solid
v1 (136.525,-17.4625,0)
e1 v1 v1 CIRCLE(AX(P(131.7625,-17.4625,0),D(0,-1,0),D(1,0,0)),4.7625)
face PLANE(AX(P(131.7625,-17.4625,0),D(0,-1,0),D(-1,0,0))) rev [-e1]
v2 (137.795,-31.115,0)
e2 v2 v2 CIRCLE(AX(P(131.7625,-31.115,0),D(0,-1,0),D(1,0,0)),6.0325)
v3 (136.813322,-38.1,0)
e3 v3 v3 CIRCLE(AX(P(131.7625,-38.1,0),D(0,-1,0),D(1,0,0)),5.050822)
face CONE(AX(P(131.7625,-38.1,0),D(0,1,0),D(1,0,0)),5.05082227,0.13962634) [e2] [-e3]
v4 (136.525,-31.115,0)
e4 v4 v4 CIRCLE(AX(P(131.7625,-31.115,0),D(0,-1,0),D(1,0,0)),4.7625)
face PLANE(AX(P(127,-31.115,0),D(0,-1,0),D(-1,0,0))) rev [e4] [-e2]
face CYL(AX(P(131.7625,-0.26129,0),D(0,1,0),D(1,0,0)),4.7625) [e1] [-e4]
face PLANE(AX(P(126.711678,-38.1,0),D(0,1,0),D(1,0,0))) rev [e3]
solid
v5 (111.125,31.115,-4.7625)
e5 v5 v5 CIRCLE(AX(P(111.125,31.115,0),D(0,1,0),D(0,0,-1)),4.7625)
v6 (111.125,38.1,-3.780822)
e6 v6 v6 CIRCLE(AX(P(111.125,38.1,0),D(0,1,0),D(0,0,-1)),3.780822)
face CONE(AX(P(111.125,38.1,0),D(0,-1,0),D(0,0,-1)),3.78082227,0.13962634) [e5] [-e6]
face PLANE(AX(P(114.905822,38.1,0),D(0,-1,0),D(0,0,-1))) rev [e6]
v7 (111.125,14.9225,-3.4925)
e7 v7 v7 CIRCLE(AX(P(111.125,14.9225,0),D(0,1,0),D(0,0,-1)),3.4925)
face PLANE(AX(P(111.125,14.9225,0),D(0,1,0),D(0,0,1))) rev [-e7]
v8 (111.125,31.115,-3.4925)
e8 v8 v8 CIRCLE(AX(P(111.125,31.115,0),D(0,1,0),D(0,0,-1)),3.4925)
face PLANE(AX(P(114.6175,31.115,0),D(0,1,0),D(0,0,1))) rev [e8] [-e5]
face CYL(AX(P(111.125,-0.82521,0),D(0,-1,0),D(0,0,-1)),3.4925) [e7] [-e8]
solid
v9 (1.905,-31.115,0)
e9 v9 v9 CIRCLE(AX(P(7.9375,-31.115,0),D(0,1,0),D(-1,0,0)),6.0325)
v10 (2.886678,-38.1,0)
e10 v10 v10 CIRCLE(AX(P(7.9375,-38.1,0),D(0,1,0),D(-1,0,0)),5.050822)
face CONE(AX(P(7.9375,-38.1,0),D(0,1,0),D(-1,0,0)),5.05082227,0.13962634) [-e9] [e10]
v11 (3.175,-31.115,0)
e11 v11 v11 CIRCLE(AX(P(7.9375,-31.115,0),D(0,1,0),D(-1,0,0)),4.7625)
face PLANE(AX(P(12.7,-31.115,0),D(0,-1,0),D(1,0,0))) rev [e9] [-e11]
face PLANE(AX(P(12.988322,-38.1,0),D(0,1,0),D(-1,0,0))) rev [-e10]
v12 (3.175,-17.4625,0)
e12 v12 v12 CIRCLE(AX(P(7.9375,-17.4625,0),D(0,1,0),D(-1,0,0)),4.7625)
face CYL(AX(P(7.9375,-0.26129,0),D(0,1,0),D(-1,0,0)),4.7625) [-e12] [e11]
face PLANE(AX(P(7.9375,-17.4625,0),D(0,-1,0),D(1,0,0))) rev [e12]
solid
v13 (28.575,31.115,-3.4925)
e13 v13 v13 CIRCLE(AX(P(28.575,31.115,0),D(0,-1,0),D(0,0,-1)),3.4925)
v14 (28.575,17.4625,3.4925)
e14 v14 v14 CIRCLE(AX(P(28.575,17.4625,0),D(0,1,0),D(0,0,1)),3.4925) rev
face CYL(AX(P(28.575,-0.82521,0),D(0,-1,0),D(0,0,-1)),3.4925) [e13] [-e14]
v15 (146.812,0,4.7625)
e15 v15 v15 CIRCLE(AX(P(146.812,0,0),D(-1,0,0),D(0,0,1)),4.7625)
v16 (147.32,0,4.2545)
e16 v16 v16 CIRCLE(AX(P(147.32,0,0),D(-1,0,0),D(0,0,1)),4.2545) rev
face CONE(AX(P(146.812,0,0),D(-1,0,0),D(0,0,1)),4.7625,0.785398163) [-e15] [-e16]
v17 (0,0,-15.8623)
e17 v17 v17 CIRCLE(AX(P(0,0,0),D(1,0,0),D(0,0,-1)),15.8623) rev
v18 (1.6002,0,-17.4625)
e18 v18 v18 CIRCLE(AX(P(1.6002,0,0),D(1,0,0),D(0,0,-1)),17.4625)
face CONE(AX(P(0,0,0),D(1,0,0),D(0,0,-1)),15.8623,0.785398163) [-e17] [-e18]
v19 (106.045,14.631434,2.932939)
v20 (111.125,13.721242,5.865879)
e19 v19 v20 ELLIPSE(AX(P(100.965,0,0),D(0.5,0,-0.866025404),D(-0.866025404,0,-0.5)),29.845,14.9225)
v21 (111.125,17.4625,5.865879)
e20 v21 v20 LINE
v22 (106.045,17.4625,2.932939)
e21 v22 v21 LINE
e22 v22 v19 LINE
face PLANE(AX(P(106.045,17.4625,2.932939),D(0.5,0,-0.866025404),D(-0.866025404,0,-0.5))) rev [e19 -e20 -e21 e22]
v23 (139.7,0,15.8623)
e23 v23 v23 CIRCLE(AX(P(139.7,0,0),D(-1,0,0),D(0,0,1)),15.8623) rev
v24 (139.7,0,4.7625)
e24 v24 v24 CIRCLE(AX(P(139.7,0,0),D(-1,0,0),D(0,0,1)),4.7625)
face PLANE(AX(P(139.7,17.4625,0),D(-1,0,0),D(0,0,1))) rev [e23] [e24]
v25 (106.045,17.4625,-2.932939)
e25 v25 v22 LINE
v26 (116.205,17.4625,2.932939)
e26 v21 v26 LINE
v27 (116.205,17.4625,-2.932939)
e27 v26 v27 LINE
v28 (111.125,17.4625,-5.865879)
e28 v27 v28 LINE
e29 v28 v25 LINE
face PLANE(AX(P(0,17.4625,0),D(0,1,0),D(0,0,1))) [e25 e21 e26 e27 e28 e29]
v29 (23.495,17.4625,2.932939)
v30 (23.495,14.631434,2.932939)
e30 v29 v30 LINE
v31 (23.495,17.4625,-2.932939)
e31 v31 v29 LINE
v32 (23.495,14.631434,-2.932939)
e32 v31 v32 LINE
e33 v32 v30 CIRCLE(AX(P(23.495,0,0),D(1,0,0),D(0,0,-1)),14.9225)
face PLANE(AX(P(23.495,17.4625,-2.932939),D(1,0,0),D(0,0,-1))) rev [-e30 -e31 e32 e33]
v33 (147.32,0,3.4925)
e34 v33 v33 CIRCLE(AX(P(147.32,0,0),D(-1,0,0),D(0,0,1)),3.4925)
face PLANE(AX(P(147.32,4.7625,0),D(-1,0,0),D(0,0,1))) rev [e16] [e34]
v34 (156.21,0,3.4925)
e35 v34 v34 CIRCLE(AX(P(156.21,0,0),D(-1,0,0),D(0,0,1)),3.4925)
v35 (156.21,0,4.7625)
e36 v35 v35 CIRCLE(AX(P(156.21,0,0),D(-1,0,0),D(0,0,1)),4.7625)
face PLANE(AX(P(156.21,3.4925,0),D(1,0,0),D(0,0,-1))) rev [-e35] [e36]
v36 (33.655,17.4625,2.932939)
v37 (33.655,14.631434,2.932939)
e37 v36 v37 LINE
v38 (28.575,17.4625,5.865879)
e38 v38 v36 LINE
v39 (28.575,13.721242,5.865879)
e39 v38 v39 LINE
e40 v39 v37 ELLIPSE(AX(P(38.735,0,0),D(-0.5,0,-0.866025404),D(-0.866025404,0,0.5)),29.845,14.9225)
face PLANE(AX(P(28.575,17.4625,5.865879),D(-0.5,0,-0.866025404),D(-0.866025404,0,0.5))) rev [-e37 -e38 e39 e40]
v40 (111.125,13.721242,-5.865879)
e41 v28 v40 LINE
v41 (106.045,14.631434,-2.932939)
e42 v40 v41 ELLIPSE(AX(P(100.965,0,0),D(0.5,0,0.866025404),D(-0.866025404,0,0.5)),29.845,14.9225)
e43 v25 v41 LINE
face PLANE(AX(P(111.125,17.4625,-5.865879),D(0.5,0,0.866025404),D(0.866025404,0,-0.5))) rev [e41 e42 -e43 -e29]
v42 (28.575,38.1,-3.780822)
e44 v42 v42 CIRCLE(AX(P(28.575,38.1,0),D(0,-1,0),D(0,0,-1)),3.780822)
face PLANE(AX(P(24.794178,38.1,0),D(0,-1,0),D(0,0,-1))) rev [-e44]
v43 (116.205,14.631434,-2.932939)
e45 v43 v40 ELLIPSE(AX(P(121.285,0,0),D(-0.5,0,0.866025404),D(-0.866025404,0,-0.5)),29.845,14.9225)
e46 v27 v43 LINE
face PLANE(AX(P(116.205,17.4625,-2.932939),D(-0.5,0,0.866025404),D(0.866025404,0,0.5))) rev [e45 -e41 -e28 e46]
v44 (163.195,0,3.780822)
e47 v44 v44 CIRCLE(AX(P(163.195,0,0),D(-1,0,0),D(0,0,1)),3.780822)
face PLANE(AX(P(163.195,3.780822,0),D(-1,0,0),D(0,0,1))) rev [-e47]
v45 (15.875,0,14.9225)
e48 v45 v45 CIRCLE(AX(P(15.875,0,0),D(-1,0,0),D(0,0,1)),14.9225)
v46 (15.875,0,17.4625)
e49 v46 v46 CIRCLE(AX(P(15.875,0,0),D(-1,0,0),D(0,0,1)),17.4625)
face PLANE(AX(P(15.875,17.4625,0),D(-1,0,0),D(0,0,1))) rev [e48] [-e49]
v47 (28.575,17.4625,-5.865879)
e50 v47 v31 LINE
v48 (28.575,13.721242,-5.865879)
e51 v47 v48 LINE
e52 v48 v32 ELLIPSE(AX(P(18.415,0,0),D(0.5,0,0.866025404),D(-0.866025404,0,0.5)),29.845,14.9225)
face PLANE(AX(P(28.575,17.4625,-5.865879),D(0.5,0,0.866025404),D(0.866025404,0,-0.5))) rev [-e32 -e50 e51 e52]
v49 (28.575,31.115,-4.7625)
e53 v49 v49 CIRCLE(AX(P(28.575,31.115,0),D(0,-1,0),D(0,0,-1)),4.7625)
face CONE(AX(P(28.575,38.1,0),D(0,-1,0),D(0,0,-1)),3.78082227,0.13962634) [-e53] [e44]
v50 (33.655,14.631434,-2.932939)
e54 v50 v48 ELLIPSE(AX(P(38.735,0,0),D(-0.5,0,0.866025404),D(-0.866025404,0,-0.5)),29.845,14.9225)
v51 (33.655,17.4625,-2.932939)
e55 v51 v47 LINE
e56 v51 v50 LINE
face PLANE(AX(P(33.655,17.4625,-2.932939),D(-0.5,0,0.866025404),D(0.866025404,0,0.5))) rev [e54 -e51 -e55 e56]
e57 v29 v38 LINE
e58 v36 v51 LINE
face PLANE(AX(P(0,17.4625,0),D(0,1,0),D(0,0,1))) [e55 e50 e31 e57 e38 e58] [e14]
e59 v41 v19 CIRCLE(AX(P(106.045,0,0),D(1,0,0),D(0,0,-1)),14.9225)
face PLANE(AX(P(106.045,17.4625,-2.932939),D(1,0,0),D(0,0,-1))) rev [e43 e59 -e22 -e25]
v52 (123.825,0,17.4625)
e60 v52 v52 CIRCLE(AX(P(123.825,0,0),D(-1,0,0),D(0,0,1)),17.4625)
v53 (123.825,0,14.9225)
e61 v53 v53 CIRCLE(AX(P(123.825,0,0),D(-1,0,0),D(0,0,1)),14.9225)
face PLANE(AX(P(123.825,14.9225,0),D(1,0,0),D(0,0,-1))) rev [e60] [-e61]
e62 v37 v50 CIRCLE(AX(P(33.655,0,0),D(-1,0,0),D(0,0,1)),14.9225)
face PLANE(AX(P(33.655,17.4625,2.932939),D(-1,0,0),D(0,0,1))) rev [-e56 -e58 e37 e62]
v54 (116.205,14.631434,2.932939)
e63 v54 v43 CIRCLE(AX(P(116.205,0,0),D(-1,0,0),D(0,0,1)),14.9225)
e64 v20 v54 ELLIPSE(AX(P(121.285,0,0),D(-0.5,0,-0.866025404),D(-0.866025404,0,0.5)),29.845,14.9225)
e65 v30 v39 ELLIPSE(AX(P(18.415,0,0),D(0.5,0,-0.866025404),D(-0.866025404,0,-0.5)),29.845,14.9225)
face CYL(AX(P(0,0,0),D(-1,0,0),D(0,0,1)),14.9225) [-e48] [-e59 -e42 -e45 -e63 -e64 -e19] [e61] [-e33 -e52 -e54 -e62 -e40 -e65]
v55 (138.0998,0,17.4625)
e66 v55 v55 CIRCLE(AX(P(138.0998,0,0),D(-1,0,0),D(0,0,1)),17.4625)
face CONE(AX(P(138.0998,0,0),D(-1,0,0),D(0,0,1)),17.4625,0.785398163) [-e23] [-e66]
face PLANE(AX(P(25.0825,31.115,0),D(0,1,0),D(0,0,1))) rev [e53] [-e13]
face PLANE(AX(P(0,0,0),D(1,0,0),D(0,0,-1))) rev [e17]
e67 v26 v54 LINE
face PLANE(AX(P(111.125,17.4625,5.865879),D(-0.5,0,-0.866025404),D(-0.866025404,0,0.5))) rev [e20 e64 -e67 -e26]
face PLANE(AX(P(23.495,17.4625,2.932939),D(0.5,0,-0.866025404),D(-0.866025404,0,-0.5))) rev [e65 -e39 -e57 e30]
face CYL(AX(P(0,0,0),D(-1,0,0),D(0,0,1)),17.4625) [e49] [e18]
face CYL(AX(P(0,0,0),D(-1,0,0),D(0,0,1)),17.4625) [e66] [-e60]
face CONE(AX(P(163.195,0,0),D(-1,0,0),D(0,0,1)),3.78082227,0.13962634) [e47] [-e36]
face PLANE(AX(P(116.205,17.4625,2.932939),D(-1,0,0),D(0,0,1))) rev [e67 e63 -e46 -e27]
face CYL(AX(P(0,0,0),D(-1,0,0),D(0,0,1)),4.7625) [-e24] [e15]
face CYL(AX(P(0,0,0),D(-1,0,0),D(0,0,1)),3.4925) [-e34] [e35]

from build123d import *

# Parameters (mm, degrees)
BOSS_EXTRUDE1_DEPTH = 17.4625
CHAMFER1_SIZE       = 1.6002
CHAMFER2_SIZE       = 0.508


with BuildPart() as part:
    # Sketch1 → Revolve1 (revolve)
    with BuildSketch(Plane.XY, mode=Mode.PRIVATE) as revolve1_sk:
        Polygon((0, 0), (0, 17.4625), (15.875, 17.4625), (15.875, 14.9225), (123.825, 14.9225), (123.825, 17.4625), (139.7, 17.4625), (139.7, 4.7625), (147.32, 4.7625), (147.32, 3.4925), (156.21, 3.4925), (156.21, 4.7625), (163.195, 3.78082227), (163.195, 0), align=None)
    revolve(revolve1_sk.sketch.rotate(Axis((0, 0, 0), (1, 0, 0)), 90), axis=Axis((0, 0, 0), (1, 0, 0)))



with BuildPart() as body_2:
    # Sketch2 → Revolve2 (revolve)
    with BuildSketch(Plane.XY, mode=Mode.PRIVATE) as revolve2_sk:
        Polygon((12.7, -17.4625), (12.7, -31.115), (13.97, -31.115), (12.98832227, -38.1), (7.9375, -38.1), (7.9375, -17.4625), align=None)
    revolve(revolve2_sk.sketch.rotate(Axis((7.9375, -0.261290097, 0), (0, -1, 0)), 180), axis=Axis((7.9375, -0.261290097, 0), (0, -1, 0)))


with BuildPart() as body_3:
    # Sketch3 → Revolve3 (revolve)
    with BuildSketch(Plane.XY, mode=Mode.PRIVATE) as revolve3_sk:
        Polygon((25.0825, 14.9225), (25.0825, 31.115), (23.8125, 31.115), (24.79417773, 38.1), (28.575, 38.1), (28.575, 14.9225), align=None)
    revolve(revolve3_sk.sketch.rotate(Axis((28.575, -0.825209821, 0), (0, 1, 0)), 270), axis=Axis((28.575, -0.825209821, 0), (0, 1, 0)))


with BuildPart() as body_4:
    # Mirror4: mirrored copy
    add(body_2.part.mirror(Plane.ZY.offset(-69.85)))


with BuildPart() as body_5:
    # Mirror4 2: mirrored copy
    add(body_3.part.mirror(Plane.ZY.offset(-69.85)))


with BuildPart() as part_1:
    add(part.part)

    add(body_3.part)  # Boss-Extrude1 merges body 3
    # Sketch4 → Boss-Extrude1 (add)
    with BuildSketch(Plane(origin=(0, 0, 0), x_dir=(1, 0, 0), z_dir=(0, 1, 0))):
        Polygon((33.655, -2.932939367), (33.655, 2.932939367), (28.575, 5.865878735), (23.495, 2.932939367), (23.495, -2.932939367), (28.575, -5.865878735), align=None)
        Polygon((111.125, -5.865878735), (116.205, -2.932939367), (116.205, 2.932939367), (111.125, 5.865878735), (106.045, 2.932939367), (106.045, -2.932939367), align=None)
    extrude(amount=BOSS_EXTRUDE1_DEPTH)

    # Chamfer1
    chamfer1_edges = [part_1.edges().sort_by_distance(p)[0] for p in [
        (139.7, 0, -17.4625),
        (0, 0, -17.4625),
    ]]
    chamfer(chamfer1_edges, length=CHAMFER1_SIZE)

    # Chamfer2
    chamfer2_edges = [part_1.edges().sort_by_distance(p)[0] for p in [
        (147.32, 0, -4.7625),
    ]]
    chamfer(chamfer2_edges, length=CHAMFER2_SIZE)


solid = Compound([body_2.part, body_4.part, body_5.part, part_1.part])
